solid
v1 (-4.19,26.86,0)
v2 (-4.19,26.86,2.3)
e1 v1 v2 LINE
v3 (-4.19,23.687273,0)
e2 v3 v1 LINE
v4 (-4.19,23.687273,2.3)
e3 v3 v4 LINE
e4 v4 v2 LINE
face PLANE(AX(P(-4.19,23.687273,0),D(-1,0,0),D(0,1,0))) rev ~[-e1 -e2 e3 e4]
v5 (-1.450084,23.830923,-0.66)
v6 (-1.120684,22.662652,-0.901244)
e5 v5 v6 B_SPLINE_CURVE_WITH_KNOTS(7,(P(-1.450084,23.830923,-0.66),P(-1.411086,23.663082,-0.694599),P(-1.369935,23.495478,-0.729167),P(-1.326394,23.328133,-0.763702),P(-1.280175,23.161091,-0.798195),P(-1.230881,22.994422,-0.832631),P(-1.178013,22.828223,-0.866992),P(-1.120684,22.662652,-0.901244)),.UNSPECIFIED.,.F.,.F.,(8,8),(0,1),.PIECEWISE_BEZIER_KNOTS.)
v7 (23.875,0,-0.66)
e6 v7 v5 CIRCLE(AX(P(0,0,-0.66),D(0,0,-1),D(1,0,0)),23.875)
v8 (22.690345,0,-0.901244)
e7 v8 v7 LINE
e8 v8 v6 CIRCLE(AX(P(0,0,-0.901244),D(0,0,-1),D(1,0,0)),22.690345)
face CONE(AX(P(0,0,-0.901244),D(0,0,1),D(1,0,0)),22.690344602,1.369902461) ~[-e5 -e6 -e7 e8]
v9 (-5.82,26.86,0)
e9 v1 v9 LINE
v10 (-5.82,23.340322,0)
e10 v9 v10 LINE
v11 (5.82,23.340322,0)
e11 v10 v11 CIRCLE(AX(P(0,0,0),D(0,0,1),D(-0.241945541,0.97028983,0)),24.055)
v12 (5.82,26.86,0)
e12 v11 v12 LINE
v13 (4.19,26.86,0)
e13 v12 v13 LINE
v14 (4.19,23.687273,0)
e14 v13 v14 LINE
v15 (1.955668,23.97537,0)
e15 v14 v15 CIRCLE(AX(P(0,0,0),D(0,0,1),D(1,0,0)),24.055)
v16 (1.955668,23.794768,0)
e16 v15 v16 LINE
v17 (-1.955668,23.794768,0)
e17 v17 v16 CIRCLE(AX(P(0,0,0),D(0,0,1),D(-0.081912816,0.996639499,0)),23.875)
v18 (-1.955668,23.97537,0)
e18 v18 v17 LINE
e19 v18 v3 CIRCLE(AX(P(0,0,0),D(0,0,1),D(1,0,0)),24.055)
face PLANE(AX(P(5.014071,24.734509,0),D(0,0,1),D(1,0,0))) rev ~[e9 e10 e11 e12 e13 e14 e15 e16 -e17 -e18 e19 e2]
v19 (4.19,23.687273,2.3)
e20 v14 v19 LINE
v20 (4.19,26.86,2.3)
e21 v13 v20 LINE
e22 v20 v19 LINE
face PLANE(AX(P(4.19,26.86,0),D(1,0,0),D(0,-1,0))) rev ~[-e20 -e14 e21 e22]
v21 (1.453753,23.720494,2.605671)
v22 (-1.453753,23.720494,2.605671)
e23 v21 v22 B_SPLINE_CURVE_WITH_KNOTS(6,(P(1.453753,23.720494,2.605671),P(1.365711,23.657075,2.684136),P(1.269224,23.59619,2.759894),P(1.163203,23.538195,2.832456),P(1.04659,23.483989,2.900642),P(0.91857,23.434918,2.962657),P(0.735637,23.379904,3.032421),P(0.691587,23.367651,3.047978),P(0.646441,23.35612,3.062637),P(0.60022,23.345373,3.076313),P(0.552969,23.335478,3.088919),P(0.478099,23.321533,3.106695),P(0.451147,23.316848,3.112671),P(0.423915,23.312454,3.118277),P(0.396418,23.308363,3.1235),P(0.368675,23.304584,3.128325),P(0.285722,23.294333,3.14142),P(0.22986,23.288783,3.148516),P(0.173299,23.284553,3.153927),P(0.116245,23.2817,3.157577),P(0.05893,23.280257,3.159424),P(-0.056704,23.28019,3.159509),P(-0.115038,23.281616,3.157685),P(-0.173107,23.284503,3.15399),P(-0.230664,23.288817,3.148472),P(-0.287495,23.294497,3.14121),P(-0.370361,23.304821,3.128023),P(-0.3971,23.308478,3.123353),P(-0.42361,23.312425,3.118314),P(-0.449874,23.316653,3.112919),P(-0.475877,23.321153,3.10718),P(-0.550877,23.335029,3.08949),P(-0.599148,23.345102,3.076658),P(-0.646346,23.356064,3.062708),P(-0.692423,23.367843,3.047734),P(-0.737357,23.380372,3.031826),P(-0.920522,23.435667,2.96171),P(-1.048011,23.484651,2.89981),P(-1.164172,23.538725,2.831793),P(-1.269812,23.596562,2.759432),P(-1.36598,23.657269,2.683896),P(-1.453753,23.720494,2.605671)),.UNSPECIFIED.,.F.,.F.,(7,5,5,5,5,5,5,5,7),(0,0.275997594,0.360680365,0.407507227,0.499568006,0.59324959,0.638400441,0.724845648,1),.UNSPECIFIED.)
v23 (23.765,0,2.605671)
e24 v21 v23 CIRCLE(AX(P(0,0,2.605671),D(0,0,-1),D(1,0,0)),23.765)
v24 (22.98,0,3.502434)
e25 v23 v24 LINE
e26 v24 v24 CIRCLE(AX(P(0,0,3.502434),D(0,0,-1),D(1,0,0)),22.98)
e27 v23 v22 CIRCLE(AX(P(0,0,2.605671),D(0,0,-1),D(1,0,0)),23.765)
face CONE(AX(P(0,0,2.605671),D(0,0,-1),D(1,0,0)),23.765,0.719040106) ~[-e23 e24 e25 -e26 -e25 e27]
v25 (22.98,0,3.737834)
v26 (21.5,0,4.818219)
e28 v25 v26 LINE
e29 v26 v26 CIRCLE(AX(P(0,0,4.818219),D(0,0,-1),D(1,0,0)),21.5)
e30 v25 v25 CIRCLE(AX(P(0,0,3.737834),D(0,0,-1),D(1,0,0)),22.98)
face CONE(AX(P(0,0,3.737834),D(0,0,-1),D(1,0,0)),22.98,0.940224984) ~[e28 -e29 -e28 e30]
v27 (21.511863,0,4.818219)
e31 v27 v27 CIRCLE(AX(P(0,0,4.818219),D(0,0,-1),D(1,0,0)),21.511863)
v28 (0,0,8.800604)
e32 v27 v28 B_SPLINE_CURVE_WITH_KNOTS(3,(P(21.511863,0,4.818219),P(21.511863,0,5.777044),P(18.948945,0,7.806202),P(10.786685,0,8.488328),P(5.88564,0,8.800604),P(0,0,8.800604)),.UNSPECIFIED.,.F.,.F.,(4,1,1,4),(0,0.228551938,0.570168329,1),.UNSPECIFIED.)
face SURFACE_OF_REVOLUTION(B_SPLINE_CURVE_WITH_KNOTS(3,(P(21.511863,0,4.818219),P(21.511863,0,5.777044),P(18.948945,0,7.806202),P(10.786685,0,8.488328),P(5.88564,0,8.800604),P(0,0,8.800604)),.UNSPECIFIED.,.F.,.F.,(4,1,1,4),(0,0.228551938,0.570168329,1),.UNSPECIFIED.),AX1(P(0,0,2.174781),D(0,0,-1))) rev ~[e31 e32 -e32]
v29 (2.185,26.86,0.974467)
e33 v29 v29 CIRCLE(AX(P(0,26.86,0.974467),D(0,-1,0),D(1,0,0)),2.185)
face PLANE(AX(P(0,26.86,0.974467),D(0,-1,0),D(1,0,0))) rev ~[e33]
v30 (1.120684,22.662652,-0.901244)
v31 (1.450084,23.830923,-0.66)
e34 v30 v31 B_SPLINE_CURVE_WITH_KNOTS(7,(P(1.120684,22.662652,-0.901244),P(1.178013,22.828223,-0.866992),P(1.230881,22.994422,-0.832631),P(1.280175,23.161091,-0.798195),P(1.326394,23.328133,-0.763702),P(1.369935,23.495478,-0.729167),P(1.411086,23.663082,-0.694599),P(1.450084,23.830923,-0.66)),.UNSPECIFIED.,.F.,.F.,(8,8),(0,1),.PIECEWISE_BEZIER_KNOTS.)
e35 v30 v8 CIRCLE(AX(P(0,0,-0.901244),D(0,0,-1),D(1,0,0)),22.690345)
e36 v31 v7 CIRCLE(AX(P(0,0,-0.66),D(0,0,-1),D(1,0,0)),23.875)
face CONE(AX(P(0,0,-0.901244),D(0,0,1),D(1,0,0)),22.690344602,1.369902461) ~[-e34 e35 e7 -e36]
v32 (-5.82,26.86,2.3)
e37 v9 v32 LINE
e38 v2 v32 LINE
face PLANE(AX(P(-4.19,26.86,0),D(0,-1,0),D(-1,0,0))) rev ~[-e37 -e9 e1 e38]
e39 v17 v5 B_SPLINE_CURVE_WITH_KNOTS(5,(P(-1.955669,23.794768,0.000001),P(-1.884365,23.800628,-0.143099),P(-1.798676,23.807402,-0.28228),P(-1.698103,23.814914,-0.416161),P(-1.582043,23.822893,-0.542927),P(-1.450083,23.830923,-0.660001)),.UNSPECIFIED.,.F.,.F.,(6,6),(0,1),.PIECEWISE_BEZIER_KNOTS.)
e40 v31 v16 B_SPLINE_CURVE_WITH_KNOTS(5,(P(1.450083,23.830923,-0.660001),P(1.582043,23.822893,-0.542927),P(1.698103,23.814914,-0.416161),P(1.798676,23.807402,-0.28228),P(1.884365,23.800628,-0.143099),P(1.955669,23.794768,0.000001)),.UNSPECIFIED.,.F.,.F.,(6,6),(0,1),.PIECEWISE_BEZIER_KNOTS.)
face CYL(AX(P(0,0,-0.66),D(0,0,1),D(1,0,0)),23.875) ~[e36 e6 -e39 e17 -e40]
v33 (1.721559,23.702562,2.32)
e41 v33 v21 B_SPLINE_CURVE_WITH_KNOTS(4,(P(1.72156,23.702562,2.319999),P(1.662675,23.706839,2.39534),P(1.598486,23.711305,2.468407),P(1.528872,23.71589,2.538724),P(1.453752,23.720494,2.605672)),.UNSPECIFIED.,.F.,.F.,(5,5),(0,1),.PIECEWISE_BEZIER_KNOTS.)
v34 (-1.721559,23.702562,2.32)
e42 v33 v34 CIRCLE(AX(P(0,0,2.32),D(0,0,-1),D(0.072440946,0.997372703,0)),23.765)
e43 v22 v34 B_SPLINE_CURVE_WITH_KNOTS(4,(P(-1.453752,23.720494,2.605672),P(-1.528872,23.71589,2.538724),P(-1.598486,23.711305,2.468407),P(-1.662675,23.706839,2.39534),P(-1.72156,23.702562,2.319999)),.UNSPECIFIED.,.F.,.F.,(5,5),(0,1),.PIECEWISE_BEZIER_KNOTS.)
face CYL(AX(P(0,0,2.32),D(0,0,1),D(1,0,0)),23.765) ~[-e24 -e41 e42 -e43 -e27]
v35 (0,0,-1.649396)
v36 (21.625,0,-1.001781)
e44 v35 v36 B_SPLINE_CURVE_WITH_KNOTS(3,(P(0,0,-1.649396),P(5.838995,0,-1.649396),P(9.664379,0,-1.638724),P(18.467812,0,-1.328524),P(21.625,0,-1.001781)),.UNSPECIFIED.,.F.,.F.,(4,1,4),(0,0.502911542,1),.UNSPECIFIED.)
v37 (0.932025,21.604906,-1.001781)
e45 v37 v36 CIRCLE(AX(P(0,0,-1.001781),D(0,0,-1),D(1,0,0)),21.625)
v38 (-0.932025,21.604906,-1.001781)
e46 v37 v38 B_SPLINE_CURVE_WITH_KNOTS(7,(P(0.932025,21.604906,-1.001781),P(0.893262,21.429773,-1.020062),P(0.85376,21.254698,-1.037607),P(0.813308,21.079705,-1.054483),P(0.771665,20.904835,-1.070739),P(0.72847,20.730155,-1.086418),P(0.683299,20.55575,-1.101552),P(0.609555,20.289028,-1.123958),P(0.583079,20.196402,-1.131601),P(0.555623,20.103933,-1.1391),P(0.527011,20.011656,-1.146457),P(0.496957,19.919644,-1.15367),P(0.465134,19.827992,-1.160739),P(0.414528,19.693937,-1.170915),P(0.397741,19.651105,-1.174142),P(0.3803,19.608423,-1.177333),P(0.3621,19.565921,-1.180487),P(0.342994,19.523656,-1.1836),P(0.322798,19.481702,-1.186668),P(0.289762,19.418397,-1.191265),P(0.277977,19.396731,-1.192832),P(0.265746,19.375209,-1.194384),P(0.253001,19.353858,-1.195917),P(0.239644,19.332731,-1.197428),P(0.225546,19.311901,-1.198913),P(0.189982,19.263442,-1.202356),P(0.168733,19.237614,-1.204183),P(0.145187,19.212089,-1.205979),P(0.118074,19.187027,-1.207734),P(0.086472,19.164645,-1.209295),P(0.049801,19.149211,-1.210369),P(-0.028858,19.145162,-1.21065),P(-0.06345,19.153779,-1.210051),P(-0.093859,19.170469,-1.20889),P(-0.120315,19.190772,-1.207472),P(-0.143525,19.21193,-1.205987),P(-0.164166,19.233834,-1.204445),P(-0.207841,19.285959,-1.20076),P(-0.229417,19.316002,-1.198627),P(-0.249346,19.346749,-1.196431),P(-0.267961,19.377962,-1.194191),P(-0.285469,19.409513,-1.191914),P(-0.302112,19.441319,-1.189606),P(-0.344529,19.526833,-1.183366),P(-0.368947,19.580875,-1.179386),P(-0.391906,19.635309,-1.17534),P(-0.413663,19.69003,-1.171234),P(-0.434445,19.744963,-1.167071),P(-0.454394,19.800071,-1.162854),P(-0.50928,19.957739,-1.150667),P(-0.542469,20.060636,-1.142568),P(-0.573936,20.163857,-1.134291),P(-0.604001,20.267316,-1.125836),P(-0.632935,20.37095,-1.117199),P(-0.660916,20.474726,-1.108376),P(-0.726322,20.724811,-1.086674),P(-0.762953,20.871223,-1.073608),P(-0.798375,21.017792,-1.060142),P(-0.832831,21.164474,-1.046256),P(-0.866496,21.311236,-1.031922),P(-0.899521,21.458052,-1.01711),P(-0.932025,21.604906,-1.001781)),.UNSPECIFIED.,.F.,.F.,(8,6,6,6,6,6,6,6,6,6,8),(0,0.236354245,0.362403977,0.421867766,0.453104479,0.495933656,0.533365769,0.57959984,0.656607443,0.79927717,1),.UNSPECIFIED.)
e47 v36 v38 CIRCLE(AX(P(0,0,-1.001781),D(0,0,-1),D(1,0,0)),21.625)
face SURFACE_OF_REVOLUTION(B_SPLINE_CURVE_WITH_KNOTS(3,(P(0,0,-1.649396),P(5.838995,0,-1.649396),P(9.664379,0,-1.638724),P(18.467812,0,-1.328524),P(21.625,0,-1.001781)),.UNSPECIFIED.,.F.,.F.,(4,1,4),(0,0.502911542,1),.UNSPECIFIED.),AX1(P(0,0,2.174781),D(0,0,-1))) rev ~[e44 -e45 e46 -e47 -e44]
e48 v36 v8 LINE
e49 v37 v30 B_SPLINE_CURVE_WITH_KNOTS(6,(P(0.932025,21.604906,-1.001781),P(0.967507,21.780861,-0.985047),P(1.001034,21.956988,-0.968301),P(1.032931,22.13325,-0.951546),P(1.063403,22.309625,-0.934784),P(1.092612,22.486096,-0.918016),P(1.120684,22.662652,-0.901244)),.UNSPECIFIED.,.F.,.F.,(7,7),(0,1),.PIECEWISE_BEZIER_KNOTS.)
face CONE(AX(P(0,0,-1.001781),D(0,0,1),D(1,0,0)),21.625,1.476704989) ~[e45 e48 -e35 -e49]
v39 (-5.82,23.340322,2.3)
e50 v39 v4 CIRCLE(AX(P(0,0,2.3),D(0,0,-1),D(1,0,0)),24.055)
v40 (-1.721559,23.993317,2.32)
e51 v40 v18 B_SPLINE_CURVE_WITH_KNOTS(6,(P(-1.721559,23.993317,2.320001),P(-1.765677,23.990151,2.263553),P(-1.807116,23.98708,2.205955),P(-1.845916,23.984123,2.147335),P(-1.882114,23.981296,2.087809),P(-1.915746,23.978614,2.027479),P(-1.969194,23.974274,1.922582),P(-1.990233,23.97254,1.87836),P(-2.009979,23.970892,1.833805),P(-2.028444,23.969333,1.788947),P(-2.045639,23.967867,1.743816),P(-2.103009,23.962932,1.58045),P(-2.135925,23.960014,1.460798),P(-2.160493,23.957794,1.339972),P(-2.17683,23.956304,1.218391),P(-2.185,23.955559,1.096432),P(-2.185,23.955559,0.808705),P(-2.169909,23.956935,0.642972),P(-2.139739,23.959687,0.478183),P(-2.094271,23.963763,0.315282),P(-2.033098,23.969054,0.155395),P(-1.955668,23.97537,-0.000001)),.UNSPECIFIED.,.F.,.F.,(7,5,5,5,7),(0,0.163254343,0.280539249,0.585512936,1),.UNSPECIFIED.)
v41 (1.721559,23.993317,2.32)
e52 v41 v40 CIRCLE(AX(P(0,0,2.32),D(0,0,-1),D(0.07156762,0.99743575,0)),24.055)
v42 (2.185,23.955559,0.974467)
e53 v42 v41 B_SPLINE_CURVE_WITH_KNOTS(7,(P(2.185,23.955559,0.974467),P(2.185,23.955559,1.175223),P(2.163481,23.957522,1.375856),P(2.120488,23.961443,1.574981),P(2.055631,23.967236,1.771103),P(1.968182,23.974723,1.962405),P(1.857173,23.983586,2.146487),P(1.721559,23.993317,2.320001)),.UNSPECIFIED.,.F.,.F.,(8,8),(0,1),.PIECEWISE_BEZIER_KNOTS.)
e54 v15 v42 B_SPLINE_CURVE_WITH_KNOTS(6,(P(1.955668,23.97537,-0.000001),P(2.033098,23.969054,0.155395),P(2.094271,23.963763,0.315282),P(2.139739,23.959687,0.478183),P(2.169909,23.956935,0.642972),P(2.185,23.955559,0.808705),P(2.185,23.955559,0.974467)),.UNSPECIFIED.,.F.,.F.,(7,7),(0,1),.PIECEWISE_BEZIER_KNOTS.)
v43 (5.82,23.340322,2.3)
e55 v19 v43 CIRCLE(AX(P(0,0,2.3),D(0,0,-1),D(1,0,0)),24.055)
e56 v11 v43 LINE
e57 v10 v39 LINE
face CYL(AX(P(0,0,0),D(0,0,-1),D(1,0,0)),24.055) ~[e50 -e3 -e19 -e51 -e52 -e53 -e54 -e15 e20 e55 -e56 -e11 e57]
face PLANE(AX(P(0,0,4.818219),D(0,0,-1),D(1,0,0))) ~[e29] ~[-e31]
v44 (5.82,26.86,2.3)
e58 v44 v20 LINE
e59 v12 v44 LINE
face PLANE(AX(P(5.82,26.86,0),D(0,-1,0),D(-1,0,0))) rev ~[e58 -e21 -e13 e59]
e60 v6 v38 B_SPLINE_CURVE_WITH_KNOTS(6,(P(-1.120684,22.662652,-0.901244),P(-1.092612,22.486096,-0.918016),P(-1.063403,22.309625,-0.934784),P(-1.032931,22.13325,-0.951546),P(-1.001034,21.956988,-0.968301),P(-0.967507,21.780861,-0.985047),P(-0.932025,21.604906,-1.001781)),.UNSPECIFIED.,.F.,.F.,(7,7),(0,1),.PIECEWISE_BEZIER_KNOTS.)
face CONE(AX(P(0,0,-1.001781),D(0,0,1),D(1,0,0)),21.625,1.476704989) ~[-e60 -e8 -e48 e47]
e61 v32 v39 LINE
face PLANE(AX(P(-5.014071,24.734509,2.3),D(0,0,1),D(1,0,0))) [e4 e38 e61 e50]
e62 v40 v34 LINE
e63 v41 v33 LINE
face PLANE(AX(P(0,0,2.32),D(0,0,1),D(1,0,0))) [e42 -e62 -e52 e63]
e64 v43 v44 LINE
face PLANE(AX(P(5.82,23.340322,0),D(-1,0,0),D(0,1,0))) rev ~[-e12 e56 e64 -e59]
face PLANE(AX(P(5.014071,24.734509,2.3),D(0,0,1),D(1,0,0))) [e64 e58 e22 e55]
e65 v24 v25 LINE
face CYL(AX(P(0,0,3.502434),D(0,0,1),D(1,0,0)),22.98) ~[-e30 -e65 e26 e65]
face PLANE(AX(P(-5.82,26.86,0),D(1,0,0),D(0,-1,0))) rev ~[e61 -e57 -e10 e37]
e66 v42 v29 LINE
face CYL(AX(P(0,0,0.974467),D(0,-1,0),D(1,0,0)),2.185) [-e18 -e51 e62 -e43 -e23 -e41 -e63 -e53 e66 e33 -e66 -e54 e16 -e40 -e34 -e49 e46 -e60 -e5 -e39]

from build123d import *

# Parameters (mm, degrees)
F0_R      = 24.055
F1_DEPTH  = 2.32
F9_DEPTH  = 2.3
F10_R     = 2.185
F11_DEPTH = 26.86


with BuildPart() as f1:
    # F0 (on Top) → F1 (new body)
    with BuildSketch(Plane.XY):
        Circle(F0_R)
    extrude(amount=F1_DEPTH)

    # F2 (on Front) → F3 (revolve)
    with BuildSketch(Plane.XZ):
        with BuildLine():
            Line((0, 0), (0, -1.6493958917))
            add(Edge.make_bspline(
                [(0, -1.6493958917), (5.838995212, -1.6493958917), (9.6643785885, -1.6387244263), (18.4678118676, -1.3285243185), (21.625, -1.0017807363)],
                knots=[0, 0, 0, 0, 0.5029115423, 1, 1, 1, 1], degree=3))
            Line((21.625, -1.0017807363), (22.6903446019, -0.9012441733))
            Line((22.6903446019, -0.9012441733), (23.875, -0.66))
            Line((23.875, -0.66), (23.875, 0))
            Line((23.875, 0), (0, 0))
        make_face()
    revolve(axis=Axis((0, 0, 2.1747807286), (0, 0, -1)))

    # F4 (on Front) → F5 (revolve)
    with BuildSketch(Plane.XZ):
        Polygon((0, 2.32), (23.765, 2.32), (23.765, 2.6056710631), (22.98, 3.5024336539), (22.98, 3.7378338166), (21.5, 4.8182192637), (0, 4.8182192637), align=None)
    revolve(axis=Axis((0, 0, 2.1747807286), (0, 0, -1)))

    # F6 (on Front) → F7 (revolve)
    with BuildSketch(Plane.XZ):
        with BuildLine():
            Line((0, 4.8182192637), (21.5118631732, 4.8182192637))
            add(Edge.make_bspline(
                [(21.5118631732, 4.8182192637), (21.5118631732, 5.7770444763), (18.948944908, 7.8062022624), (10.7866845563, 8.4883283368), (5.8856403574, 8.8006041083), (0, 8.8006041083)],
                knots=[0, 0, 0, 0, 0.2285519381, 0.5701683291, 1, 1, 1, 1], degree=3))
            Line((0, 8.8006041083), (0, 4.8182192637))
        make_face()
    revolve(axis=Axis((0, 0, 2.1747807286), (0, 0, -1)))

    # F8 (on Top) → F9 (join)
    with BuildSketch(Plane.XY):
        Polygon((4.19, 26.86), (4.19, 23.6872734818), (4.9623157829, 22.0649428666), (5.82, 23.3403218701), (5.82, 26.86), align=None)
        Polygon((-5.82, 26.86), (-5.82, 23.3403218701), (-4.9623157829, 22.0649428666), (-4.19, 23.6872734818), (-4.19, 26.86), align=None)
    extrude(amount=F9_DEPTH)

    # F10 (on Front) → F11 (join)
    with BuildSketch(Plane.XZ):
        with Locations((0, 0.9744669078)):
            Circle(F10_R)
    extrude(amount=-F11_DEPTH)


solid = f1.part
